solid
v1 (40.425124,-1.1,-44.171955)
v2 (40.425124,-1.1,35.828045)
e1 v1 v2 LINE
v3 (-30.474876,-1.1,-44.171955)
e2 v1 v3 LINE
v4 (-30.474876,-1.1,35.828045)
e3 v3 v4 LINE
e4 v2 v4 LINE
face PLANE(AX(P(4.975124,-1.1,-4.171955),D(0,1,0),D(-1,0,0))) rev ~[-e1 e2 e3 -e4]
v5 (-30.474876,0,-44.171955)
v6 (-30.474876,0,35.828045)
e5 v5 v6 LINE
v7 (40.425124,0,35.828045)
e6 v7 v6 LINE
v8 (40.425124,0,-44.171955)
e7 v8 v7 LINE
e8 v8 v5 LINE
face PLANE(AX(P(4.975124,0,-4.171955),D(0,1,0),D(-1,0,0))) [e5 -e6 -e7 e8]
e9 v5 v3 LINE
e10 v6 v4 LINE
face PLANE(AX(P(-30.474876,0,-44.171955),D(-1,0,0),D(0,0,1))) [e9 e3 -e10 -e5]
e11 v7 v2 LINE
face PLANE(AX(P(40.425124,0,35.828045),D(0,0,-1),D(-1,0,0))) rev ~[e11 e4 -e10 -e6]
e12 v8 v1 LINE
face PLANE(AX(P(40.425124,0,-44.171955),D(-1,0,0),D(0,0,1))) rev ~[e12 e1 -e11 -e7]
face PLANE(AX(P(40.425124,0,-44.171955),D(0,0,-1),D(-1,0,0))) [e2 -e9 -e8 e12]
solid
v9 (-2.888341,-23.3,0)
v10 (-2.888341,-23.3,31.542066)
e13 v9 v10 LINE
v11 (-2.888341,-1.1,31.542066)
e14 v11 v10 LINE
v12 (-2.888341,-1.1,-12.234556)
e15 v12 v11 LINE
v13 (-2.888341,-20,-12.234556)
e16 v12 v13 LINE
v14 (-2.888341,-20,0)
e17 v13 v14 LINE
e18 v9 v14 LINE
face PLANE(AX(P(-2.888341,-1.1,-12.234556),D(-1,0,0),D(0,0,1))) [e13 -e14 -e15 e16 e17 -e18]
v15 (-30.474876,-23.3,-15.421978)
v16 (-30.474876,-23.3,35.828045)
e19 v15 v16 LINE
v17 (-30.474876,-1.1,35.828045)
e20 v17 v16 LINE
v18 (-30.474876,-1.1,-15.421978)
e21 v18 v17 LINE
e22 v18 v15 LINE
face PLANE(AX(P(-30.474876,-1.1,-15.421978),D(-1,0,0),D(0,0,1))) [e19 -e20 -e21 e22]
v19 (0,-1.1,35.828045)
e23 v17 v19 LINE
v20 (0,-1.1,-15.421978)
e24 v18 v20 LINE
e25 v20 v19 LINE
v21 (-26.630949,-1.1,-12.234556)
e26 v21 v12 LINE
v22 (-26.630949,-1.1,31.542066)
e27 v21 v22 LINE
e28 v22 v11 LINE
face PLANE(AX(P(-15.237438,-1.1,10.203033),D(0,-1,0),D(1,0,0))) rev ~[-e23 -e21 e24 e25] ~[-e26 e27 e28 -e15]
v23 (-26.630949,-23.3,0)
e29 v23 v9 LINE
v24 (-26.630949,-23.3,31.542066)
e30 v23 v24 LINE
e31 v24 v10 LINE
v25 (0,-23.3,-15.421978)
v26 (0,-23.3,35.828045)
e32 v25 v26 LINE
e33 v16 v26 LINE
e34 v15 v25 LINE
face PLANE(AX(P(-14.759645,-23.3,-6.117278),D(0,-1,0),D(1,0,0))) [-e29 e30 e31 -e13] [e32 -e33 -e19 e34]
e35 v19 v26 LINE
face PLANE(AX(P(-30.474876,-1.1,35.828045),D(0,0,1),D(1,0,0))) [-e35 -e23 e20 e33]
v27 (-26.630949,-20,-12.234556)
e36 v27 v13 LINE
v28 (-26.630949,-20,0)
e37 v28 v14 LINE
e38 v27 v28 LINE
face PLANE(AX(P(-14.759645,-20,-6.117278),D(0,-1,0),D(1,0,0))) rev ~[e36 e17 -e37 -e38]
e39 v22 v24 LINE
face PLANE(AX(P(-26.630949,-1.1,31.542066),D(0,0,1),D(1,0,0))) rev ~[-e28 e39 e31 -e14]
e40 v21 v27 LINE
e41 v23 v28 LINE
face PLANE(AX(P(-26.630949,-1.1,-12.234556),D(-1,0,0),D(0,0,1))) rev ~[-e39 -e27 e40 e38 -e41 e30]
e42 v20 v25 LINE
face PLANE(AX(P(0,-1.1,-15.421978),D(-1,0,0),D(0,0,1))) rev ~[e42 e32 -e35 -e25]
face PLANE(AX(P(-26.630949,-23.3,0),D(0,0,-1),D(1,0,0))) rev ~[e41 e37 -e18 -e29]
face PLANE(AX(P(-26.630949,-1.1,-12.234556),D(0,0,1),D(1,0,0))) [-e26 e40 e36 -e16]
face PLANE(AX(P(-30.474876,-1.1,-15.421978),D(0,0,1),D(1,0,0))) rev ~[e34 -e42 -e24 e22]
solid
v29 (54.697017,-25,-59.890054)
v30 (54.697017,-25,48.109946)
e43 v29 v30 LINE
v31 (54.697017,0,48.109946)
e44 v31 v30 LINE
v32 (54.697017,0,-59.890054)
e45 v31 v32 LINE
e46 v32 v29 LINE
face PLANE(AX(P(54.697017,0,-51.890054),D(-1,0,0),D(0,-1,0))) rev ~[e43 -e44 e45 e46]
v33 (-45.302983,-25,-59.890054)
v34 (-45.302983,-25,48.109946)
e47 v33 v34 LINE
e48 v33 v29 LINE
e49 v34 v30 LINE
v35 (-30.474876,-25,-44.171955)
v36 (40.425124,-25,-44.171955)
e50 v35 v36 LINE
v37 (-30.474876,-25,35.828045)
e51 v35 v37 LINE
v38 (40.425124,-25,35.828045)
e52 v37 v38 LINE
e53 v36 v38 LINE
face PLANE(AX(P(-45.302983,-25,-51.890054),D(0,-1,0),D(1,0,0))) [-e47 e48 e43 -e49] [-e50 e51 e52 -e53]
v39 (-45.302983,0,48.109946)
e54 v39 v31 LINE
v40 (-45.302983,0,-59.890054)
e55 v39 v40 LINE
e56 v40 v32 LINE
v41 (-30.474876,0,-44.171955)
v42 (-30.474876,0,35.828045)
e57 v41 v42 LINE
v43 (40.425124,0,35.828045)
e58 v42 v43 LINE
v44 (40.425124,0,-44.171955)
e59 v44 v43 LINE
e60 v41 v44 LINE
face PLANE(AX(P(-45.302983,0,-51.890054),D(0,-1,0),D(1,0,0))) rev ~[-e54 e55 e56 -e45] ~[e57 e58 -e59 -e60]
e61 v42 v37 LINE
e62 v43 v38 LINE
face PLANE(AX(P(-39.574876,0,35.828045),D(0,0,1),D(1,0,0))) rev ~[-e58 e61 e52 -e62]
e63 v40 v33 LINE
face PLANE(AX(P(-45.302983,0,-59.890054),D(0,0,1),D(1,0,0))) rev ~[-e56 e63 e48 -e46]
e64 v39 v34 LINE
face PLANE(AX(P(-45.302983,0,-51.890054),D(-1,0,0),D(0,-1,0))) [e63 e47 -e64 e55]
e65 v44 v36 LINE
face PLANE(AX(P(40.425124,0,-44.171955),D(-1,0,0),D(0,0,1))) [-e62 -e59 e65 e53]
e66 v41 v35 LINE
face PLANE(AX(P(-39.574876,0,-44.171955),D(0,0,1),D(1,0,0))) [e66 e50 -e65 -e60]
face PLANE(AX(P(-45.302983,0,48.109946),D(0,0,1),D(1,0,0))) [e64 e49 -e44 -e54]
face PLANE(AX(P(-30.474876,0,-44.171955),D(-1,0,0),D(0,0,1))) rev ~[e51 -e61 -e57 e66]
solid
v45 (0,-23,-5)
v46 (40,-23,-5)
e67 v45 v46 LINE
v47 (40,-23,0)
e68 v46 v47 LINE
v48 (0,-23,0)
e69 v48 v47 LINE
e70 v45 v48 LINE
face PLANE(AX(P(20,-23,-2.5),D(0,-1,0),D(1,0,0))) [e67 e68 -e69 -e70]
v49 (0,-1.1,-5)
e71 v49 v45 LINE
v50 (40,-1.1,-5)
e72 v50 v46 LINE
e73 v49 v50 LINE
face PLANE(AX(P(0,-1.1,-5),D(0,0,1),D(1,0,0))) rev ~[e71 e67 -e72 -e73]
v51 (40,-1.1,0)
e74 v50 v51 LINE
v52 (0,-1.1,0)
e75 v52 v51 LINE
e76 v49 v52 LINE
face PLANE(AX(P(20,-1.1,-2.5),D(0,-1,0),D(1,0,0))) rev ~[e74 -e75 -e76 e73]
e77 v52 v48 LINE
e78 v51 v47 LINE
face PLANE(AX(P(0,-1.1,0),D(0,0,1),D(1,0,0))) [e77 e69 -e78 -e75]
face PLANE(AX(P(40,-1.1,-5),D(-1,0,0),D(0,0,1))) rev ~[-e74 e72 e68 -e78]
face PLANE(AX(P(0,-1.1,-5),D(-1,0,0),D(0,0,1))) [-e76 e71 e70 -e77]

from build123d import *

# Parameters (mm, degrees)
F0_W      = 100
F0_H      = 100
F0_W_2    = 80
F0_H_2    = 80
F1_DEPTH  = 25
F2_DEPTH  = 9.1
F3_DEPTH  = 8
F4_W      = 70.9
F4_H      = 80
F5_DEPTH  = 1.1
F7_W      = 30.4748764277
F7_H      = 51.2500227615
F7_W_2    = 23.7426077947
F7_H_2    = 43.7766229734
F8_DEPTH  = 22.2
F9_W      = 40
F9_H      = 5
F10_DEPTH = 21.9
F11_W     = 23.7426077947
F11_H     = 12.2345564887
F12_DEPTH = 3.3
F14_R     = 2.928713386
F15_DEPTH = 1.3


with BuildPart() as f1:
    # F0 (on Front) → F1 (new body)
    with BuildSketch(Plane.XZ):
        with Locations((4.6970173717, -1.8900542269)):
            Rectangle(F0_W, F0_H)
        with Locations((0.4251235723, -4.1719554365)):
            Rectangle(F0_W_2, F0_H_2, mode=Mode.SUBTRACT)
    extrude(amount=F1_DEPTH)

    # F2 (add): a face of the model
    f2_faces = [f1.faces().sort_by_distance(p)[0] for p in [
        (-39.5748764277, -12.5, -4.1719554365),
    ]]
    extrude(f2_faces, amount=F2_DEPTH)

    # F3 (add): a face of the model
    f3_faces = [f1.faces().sort_by_distance(p)[0] for p in [
        (4.6970173717, -12.5, -51.8900542269),
    ]]
    extrude(f3_faces, amount=F3_DEPTH)


with BuildPart() as f5:
    # F4 (on face) → F5 (new body)
    with BuildSketch(Plane(origin=(0, 0, 0), x_dir=(-1, 0, 0), z_dir=(0, 1, 0))):
        with Locations((-4.9751235723, -4.1719554365)):
            Rectangle(F4_W, F4_H)
    extrude(amount=-F5_DEPTH)


with BuildPart() as f8:
    # F7 (on face) → F8 (new body)
    with BuildSketch(Plane.XZ.offset(1.1)):
        with Locations((-15.2374382138, 10.2030331828)):
            Rectangle(F7_W, F7_H)
        with Locations((-14.7596453317, 9.653754998)):
            Rectangle(F7_W_2, F7_H_2, mode=Mode.SUBTRACT)
    extrude(amount=F8_DEPTH)

    # F11 (on face) → F12 (join)
    with BuildSketch(Plane.XZ.offset(23.3)):
        with Locations((-14.7596453317, -6.1172782443)):
            Rectangle(F11_W, F11_H)
    extrude(amount=-F12_DEPTH)

    # F14 (on face) → F15 (join)
    with BuildSketch(Plane.XZ.offset(23.3)):
        with Locations((-15.2722168714, -7.7124517411)):
            Circle(F14_R)
    extrude(amount=-F15_DEPTH)


with BuildPart() as f10:
    # F9 (on face) → F10 (new body)
    with BuildSketch(Plane.XZ.offset(1.1)):
        with Locations((20, -2.5)):
            Rectangle(F9_W, F9_H)
    extrude(amount=F10_DEPTH)


solid = Compound([f1.part, f5.part, f8.part, f10.part])
